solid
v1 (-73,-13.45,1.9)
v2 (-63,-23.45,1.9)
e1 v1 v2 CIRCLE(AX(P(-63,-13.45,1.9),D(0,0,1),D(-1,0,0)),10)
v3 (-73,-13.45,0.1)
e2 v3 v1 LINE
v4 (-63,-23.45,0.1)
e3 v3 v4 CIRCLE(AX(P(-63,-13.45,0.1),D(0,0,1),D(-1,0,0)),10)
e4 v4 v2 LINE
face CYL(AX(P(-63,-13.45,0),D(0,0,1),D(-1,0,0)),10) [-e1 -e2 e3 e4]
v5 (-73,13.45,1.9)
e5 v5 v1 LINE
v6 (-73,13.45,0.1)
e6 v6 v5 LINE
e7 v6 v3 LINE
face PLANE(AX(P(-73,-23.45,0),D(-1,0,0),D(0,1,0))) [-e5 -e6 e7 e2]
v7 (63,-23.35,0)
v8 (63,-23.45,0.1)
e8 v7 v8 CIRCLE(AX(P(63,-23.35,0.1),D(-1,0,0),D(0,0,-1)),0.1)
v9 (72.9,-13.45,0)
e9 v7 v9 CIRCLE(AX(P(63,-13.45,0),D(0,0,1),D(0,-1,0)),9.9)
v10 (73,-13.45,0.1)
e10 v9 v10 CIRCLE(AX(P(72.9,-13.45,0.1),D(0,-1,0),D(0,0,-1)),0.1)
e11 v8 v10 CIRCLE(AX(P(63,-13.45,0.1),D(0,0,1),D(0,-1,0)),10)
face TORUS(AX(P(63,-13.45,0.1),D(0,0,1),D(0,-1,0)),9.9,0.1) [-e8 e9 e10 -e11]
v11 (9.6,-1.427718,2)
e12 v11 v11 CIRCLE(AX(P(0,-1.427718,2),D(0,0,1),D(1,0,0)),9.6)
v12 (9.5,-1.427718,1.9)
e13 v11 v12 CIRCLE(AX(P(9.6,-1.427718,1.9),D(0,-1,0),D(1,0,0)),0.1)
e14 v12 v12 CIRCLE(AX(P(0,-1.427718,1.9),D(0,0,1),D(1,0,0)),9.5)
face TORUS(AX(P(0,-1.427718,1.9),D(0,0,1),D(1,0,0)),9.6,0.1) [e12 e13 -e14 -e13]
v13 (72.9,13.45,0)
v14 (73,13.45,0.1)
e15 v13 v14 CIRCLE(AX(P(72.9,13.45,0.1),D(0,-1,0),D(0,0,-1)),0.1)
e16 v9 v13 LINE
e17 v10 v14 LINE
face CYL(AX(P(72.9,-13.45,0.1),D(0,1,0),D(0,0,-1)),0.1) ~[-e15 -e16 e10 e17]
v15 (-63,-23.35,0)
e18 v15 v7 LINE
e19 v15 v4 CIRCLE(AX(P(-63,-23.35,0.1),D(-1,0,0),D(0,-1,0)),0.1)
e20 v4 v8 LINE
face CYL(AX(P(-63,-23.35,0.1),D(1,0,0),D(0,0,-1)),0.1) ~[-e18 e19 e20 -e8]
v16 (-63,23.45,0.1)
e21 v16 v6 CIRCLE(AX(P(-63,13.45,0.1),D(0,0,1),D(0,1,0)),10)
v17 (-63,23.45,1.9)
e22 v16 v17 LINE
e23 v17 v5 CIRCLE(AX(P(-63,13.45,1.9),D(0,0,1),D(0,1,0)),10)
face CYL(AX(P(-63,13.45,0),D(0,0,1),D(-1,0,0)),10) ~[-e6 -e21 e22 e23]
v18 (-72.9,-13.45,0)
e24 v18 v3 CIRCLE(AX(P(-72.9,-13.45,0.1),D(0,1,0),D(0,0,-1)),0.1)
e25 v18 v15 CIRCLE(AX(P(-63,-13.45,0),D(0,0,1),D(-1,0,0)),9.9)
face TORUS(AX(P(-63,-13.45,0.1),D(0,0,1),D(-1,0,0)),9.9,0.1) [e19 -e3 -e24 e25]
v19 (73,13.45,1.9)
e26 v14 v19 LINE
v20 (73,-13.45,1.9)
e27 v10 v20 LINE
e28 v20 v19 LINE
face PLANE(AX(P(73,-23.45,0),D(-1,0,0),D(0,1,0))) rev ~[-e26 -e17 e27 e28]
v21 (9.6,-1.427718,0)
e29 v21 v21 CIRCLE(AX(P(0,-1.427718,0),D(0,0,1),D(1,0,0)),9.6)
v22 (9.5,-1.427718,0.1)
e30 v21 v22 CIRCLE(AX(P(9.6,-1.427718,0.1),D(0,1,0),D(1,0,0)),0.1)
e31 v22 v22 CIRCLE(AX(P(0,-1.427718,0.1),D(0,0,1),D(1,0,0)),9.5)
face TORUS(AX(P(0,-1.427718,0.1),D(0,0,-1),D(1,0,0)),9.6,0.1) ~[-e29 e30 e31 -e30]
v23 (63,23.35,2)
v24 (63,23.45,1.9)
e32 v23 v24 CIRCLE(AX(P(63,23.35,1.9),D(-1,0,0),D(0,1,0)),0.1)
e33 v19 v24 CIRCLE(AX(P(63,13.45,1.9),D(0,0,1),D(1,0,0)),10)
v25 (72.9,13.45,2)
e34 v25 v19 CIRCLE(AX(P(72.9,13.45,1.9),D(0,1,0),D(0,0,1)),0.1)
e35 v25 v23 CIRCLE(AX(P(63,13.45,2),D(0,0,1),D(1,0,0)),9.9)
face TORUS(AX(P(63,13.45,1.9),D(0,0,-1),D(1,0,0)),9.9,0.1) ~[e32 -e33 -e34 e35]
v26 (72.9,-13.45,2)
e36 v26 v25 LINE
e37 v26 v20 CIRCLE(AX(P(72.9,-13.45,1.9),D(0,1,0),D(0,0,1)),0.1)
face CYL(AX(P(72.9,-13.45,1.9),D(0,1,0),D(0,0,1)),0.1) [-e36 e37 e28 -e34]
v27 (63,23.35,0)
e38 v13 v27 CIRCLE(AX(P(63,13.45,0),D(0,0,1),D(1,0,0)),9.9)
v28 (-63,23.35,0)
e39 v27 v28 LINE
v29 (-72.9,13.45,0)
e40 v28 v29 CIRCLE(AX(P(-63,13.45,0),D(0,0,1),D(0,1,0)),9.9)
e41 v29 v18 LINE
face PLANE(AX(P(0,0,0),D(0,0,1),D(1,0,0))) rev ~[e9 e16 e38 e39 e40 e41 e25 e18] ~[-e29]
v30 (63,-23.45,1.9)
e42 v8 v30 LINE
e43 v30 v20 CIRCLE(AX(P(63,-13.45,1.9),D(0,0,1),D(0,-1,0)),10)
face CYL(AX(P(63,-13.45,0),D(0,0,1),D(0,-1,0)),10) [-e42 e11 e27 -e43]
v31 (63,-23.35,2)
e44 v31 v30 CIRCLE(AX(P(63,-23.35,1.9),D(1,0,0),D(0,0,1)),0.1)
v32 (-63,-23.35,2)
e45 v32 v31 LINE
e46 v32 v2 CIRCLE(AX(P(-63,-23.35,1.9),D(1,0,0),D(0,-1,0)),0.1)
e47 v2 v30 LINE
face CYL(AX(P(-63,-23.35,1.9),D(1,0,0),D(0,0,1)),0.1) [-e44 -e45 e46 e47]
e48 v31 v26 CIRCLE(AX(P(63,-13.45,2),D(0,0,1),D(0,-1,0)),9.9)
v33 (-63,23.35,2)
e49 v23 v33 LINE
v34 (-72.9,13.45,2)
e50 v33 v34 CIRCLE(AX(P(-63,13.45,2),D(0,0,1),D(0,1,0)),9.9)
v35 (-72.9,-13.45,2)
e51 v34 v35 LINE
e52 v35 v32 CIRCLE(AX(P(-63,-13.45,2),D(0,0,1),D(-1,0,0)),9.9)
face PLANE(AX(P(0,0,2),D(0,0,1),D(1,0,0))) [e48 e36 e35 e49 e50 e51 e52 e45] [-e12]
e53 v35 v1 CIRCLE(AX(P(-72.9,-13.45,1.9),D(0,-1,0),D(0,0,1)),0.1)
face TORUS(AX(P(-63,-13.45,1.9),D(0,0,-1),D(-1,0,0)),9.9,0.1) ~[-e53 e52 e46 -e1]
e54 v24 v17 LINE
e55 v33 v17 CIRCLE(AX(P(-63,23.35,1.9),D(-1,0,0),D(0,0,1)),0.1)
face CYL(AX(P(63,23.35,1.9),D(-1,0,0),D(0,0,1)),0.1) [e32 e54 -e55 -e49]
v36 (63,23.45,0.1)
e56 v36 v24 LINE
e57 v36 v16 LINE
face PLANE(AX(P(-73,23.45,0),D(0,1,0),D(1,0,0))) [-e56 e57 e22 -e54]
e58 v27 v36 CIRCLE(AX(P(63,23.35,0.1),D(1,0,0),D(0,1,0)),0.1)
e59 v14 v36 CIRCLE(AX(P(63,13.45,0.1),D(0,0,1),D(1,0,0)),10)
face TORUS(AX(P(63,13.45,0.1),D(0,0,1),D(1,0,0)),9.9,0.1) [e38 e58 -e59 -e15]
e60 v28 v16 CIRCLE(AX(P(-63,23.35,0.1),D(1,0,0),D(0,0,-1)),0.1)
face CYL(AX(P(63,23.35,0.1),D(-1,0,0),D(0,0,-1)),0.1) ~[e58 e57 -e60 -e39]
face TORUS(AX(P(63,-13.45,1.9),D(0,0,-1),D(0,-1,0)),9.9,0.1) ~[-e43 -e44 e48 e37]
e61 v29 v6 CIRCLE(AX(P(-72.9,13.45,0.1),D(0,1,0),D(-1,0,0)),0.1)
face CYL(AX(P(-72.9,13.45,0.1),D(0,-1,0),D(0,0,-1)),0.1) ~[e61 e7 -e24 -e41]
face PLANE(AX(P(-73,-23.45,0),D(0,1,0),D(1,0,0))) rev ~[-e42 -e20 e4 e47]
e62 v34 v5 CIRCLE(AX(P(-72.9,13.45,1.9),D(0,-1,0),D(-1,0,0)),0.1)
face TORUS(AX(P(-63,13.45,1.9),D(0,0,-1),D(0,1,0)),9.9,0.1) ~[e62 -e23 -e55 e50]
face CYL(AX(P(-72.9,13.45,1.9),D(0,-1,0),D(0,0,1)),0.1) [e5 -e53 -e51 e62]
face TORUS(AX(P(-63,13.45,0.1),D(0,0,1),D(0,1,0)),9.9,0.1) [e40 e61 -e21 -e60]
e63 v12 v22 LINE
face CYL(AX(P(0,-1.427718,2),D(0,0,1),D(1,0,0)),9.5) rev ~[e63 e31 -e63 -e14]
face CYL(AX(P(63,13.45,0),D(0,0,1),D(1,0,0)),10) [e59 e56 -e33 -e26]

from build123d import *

# Parameters (mm, degrees)
F0_W     = 146
F0_H     = 46.9
F1_DEPTH = 2
F2_R     = 10
F3_R     = 9.5
F4_DEPTH = 25
F5_R     = 0.1


with BuildPart() as f1:
    # F0 (on Top) → F1 (new body)
    with BuildSketch(Plane.XY):
        Rectangle(F0_W, F0_H)
    extrude(amount=F1_DEPTH)

    # F2
    f2_edges = [f1.edges().sort_by_distance(p)[0] for p in [
        (73, -23.45, 1),
        (73, 23.45, 1),
        (-73, -23.45, 1),
        (-73, 23.45, 1),
    ]]
    fillet(f2_edges, radius=F2_R)

    # F3 (on face) → F4 (cut)
    with BuildSketch(Plane.XY.offset(2)):
        with Locations((0, -1.4277177065)):
            Circle(F3_R)
    extrude(amount=-F4_DEPTH, mode=Mode.SUBTRACT)

    # F5
    f5_edges = [f1.edges().sort_by_distance(p)[0] for p in [
        (73, 0, 2),
        (70.071068, -20.521068, 2),
        (70.071068, 20.521068, 2),
        (0, -23.45, 2),
        (0, 23.45, 2),
        (-70.071068, -20.521068, 2),
        (-70.071068, 20.521068, 2),
        (-73, 0, 2),
        (-9.5, -1.427718, 2),
        (73, 0, 0),
        (70.071068, -20.521068, 0),
        (70.071068, 20.521068, 0),
        (0, -23.45, 0),
        (0, 23.45, 0),
        (-70.071068, -20.521068, 0),
        (-70.071068, 20.521068, 0),
        (-73, 0, 0),
        (-9.5, -1.427718, 0),
    ]]
    fillet(f5_edges, radius=F5_R)


solid = f1.part
